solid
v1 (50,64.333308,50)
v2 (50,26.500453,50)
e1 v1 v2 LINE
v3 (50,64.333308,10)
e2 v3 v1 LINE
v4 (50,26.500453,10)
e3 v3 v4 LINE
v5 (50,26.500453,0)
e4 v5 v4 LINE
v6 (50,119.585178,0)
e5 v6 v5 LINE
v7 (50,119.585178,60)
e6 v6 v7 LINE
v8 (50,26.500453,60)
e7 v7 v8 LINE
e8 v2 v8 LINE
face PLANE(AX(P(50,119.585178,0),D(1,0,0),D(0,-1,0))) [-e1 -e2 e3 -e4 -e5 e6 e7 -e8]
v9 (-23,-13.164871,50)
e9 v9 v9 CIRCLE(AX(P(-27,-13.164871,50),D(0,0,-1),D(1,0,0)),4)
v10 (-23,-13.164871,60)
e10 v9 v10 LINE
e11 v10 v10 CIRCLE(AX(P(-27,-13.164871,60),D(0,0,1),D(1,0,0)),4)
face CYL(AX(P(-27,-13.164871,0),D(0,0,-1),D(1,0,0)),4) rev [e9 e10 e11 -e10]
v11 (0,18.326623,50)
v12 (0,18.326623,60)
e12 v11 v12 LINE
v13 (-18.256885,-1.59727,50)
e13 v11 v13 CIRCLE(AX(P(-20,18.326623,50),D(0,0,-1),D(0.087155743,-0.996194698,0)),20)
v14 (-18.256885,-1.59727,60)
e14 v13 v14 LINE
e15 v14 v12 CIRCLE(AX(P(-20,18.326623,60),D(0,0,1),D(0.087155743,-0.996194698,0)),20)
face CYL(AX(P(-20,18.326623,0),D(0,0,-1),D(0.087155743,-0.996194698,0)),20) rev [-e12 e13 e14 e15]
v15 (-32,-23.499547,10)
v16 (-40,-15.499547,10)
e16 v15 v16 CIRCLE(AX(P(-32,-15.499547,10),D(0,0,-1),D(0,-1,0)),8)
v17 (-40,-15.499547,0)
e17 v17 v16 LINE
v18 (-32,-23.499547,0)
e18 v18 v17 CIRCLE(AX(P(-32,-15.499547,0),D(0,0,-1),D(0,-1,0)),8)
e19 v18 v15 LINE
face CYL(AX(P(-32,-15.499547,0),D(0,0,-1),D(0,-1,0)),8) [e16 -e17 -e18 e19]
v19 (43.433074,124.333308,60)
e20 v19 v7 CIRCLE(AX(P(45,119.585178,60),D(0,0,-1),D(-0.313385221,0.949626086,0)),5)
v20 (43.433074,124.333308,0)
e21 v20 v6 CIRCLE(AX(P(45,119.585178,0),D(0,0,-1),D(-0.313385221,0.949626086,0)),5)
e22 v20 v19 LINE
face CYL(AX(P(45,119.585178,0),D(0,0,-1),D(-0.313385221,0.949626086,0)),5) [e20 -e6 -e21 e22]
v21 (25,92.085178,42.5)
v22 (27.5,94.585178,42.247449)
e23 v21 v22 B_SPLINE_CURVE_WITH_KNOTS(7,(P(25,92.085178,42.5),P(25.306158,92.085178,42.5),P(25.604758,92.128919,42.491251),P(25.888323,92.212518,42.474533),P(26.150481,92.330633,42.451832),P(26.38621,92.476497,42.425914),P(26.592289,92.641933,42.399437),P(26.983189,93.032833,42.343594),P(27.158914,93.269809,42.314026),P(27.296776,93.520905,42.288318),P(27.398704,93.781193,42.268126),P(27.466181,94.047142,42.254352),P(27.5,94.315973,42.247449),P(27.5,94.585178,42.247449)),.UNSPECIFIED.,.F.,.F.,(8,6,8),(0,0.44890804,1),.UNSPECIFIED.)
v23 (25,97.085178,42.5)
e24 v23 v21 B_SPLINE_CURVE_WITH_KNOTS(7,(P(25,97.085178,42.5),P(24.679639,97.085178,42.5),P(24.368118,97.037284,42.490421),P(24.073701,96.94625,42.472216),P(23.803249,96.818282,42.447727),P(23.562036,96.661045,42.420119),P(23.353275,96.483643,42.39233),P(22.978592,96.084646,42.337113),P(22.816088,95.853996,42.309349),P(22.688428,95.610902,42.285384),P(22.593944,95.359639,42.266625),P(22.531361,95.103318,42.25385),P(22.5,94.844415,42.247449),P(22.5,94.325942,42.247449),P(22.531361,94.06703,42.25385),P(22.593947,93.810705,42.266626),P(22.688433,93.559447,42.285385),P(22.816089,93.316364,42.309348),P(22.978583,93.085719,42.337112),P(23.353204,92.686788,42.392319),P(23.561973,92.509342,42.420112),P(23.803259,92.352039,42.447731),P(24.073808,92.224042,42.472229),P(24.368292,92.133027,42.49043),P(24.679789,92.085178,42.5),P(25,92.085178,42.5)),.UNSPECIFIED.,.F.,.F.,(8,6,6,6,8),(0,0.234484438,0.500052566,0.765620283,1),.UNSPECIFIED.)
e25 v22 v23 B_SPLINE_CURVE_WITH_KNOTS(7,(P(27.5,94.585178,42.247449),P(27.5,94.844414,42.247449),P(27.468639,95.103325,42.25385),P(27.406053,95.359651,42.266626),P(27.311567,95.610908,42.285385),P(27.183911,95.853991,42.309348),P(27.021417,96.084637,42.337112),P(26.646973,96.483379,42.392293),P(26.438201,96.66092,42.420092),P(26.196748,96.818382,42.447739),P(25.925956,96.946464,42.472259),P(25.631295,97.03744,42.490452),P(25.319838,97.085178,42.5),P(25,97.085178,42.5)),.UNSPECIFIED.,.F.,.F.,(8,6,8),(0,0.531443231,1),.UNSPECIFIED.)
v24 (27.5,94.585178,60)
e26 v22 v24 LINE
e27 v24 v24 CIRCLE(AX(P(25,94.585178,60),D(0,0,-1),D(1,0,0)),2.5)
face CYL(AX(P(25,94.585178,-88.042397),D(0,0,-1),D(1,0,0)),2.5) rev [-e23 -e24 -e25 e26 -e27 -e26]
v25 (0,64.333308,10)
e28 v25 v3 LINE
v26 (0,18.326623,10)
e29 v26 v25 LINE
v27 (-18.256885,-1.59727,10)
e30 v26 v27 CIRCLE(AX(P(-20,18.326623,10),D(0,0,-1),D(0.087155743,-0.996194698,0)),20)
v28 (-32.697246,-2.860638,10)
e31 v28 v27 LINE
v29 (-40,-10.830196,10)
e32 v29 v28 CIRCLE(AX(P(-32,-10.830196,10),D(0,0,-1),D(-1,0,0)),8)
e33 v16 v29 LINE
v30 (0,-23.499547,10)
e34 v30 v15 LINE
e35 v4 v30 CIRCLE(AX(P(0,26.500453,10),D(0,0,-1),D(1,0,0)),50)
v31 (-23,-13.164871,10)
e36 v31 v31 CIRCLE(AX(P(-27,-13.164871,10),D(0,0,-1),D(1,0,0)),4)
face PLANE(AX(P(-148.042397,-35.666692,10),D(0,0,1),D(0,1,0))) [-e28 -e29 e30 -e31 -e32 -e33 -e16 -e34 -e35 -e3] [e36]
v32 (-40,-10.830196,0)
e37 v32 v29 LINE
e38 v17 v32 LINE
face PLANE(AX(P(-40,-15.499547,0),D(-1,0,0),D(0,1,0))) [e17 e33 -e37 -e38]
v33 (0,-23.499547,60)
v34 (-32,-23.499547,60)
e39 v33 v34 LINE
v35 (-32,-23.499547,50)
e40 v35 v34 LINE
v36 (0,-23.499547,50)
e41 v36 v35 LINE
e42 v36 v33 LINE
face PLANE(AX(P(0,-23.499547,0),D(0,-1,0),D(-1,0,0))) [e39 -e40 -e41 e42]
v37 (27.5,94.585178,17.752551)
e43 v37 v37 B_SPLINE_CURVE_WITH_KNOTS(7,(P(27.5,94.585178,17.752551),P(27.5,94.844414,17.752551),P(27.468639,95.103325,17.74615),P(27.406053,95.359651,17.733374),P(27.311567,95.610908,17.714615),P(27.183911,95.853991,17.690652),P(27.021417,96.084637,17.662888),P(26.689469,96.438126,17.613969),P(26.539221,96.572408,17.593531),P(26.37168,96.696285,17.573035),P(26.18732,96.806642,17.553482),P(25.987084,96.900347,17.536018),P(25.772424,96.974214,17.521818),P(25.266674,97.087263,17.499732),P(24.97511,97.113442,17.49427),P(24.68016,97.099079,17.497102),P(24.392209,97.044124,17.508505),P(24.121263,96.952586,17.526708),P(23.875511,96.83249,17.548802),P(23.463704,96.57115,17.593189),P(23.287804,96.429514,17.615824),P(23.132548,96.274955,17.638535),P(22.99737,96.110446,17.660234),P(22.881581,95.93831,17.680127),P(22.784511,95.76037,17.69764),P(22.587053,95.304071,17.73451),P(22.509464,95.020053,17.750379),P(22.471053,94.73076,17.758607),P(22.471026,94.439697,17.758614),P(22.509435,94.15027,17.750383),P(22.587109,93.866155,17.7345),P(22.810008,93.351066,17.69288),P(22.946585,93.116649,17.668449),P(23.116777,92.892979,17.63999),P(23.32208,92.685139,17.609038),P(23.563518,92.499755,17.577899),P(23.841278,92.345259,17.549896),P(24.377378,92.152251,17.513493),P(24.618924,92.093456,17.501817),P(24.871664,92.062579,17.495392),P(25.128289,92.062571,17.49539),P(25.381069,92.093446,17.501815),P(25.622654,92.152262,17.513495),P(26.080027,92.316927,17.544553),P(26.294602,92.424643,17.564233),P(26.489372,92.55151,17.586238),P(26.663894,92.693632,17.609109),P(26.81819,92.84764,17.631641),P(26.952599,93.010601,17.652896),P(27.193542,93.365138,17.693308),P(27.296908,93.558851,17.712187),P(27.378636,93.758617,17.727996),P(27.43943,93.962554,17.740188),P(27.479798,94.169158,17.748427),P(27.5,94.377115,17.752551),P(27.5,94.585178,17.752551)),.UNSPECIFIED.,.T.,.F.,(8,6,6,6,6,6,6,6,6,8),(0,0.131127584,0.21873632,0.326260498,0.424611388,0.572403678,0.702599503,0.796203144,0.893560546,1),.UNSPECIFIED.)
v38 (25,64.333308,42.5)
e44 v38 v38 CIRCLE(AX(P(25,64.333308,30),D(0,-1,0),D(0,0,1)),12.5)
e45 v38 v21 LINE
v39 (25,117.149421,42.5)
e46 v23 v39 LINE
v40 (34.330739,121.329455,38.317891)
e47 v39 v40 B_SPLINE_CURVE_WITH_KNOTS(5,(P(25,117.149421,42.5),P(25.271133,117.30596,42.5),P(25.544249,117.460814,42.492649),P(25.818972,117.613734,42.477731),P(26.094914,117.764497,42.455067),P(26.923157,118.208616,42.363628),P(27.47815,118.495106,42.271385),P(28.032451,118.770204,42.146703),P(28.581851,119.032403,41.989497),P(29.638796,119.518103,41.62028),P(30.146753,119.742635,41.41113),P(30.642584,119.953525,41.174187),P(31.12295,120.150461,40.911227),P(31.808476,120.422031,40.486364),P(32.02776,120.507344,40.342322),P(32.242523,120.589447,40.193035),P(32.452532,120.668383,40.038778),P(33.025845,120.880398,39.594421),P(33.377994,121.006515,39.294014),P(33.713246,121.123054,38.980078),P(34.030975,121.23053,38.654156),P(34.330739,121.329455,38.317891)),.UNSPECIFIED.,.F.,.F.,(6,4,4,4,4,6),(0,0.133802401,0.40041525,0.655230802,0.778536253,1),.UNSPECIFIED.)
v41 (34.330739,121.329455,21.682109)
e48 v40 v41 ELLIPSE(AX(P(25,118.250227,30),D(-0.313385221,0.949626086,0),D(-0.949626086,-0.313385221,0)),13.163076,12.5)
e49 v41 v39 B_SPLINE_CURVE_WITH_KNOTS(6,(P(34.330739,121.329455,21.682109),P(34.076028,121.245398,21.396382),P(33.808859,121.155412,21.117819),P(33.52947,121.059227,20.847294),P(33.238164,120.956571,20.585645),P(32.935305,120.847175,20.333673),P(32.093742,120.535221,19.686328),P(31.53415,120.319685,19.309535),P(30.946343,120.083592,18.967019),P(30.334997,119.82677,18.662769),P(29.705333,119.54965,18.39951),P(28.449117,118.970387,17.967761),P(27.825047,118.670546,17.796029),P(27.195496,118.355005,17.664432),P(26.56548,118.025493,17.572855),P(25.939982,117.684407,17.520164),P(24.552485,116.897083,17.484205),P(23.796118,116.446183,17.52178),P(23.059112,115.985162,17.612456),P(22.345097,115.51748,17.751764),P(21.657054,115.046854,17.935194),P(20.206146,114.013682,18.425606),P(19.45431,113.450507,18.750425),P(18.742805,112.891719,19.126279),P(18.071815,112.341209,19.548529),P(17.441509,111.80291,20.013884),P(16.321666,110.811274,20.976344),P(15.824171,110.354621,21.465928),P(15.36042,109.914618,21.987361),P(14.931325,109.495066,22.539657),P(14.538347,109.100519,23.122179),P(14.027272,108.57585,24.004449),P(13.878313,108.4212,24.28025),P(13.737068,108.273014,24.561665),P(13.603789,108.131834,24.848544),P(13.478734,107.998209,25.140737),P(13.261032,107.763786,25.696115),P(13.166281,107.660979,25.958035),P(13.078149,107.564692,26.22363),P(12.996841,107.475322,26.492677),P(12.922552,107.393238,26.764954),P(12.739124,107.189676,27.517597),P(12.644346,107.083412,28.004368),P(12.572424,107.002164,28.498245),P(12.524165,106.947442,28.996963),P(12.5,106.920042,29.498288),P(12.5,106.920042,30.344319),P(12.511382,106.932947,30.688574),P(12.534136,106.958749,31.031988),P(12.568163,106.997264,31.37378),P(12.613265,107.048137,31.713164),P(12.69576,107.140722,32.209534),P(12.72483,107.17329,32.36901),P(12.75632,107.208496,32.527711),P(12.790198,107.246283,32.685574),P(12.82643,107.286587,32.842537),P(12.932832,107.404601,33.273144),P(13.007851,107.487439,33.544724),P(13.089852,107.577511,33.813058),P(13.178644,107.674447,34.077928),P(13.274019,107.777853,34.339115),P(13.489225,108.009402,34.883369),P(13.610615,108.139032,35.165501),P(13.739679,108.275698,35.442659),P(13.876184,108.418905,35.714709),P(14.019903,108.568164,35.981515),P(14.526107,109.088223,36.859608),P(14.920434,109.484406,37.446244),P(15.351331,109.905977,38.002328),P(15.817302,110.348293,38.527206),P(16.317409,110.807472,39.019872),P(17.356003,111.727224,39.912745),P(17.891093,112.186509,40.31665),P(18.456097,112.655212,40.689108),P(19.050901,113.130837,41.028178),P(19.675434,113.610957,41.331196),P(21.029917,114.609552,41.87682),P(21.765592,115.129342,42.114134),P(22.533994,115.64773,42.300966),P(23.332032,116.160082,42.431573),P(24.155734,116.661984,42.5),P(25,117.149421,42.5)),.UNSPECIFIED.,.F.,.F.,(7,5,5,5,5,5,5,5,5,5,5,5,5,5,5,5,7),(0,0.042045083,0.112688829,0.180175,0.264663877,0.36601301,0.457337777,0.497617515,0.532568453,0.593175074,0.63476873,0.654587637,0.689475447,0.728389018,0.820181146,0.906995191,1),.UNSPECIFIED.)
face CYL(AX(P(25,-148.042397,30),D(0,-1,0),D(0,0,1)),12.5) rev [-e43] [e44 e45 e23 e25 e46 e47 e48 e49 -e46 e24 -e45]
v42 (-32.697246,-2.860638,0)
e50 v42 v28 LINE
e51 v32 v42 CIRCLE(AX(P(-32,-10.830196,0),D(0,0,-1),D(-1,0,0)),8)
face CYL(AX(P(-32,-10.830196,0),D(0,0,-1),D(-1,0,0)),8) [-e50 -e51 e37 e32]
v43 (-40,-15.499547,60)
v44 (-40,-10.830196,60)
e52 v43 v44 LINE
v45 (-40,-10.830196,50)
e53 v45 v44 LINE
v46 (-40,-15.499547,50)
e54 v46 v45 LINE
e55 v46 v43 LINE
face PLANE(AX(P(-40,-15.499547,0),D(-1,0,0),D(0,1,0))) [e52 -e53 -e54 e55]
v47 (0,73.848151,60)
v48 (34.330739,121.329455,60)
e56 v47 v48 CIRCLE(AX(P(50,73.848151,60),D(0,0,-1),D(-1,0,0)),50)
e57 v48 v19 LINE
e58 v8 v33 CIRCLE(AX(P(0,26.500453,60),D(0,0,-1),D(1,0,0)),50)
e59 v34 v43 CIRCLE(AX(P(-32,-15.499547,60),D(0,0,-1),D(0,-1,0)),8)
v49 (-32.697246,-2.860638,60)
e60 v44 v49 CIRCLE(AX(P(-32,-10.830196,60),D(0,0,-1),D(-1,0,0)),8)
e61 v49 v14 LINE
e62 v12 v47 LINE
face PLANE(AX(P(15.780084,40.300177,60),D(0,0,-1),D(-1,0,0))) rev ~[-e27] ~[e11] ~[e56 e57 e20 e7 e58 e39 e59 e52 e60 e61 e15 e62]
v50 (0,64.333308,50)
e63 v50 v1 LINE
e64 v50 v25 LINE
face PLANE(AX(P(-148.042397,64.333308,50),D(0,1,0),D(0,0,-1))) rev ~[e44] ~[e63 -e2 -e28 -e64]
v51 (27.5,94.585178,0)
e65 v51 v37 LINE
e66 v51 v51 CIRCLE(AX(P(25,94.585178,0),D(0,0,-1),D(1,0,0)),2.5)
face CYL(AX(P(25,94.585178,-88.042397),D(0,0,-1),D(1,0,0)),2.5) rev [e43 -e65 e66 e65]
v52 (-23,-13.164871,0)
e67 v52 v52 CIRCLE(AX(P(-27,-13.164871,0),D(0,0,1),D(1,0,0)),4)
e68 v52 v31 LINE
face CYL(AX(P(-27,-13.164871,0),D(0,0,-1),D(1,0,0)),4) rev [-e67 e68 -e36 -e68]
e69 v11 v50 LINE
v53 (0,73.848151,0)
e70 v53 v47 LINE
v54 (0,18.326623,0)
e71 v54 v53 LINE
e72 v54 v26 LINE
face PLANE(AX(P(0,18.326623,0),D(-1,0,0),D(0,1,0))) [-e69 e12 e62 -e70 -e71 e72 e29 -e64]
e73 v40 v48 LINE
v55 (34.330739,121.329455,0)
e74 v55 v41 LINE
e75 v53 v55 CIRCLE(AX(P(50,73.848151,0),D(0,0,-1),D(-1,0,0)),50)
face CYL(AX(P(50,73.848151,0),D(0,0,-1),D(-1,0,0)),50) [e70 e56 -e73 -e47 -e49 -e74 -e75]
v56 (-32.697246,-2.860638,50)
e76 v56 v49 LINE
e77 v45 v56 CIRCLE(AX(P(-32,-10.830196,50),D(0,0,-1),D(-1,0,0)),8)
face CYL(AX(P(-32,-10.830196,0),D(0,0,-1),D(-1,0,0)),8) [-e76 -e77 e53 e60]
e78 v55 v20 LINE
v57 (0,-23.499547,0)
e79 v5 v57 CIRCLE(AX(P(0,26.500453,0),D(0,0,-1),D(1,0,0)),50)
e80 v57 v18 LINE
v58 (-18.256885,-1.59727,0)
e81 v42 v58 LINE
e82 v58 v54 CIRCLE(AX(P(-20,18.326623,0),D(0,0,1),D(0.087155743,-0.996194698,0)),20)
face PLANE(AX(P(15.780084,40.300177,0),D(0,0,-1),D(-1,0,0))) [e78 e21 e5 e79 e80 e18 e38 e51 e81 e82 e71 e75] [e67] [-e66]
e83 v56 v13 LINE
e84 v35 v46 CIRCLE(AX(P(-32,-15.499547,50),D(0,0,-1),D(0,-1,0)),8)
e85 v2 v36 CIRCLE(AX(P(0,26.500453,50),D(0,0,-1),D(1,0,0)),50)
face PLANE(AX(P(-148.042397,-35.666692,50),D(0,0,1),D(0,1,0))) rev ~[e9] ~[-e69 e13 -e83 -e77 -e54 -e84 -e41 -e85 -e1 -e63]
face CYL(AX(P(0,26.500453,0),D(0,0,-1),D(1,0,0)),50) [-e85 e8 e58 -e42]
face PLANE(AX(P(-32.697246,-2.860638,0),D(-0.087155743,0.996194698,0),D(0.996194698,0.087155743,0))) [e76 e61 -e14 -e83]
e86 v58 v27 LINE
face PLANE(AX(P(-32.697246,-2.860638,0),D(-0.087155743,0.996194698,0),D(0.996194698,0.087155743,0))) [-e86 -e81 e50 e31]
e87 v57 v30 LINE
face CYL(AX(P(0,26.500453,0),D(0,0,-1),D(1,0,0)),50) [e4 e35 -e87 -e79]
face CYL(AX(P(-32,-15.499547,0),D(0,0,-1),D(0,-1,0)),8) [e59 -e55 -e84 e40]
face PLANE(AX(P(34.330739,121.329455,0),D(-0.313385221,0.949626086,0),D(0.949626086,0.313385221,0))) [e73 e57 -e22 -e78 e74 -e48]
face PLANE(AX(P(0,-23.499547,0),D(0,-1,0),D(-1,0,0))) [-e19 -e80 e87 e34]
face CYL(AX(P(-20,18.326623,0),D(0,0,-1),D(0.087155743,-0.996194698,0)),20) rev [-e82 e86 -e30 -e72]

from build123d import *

# Parameters (mm, degrees)
SKETCH1_R               = 4
BOSS_EXTRUDE1_DEPTH     = 60
CUT_EXTRUDE1_DEPTH      = 148.042397089
CUT_EXTRUDE1_DEPTH_BACK = 148.042397089
SKETCH2_W               = 40
SKETCH2_H               = 100
CUT_EXTRUDE2_DEPTH      = 148.042397089
CUT_EXTRUDE2_DEPTH_BACK = 148.042397089
SKETCH4_R               = 12.5
CUT_EXTRUDE3_DEPTH      = 148.04239713
CUT_EXTRUDE3_DEPTH_BACK = 148.04239713
SKETCH5_R               = 2.5


with BuildPart() as part:
    # Sketch1 → Boss-Extrude1 (new body)
    with BuildSketch(Plane.XY):
        with BuildLine():
            Line((0, 18.32662348), (0, 73.848150904))
            ThreePointArc((0, 73.848150904), (9.481713685, 103.144370354), (34.330738963, 121.329455209))
            Line((34.330738963, 121.329455209), (43.433073896, 124.333308288))
            ThreePointArc((43.433073896, 124.333308288), (47.929621945, 123.637006489), (50, 119.585177858))
            Line((50, 119.585177858), (50, 26.500453459))
            ThreePointArc((50, 26.500453459), (35.355339059, -8.8548856), (0, -23.499546541))
            Line((0, -23.499546541), (-32, -23.499546541))
            ThreePointArc((-32, -23.499546541), (-37.656854249, -21.156400791), (-40, -15.499546541))
            Line((-40, -15.499546541), (-40, -10.830195933))
            ThreePointArc((-40, -10.830195933), (-37.898218694, -5.425474272), (-32.697245942, -2.860638348))
            Line((-32.697245942, -2.860638348), (-18.256885145, -1.597270481))
            ThreePointArc((-18.256885145, -1.597270481), (-5.254453264, 4.814819328), (0, 18.32662348))
        make_face()
        with Locations((-27, -13.164871237)):
            Circle(SKETCH1_R, mode=Mode.SUBTRACT)
    extrude(amount=BOSS_EXTRUDE1_DEPTH)

    # Sketch2 → Cut-Extrude1 (cut, two sides: drawn at the far end of the back side and taken through both)
    with BuildSketch(Plane(origin=(0, 0, 0), x_dir=(0, 0, -1), z_dir=(1, 0, 0)).offset(-CUT_EXTRUDE1_DEPTH_BACK)):
        with Locations((-30, 14.333308288)):
            Rectangle(SKETCH2_W, SKETCH2_H)
    extrude(amount=CUT_EXTRUDE1_DEPTH + CUT_EXTRUDE1_DEPTH_BACK, mode=Mode.SUBTRACT)

    # Sketch4 → Cut-Extrude2 (cut, two sides: drawn at the far end of the back side and taken through both)
    with BuildSketch(Plane(origin=(0, 0, 0), x_dir=(1, 0, 0), z_dir=(0, 1, 0)).offset(-CUT_EXTRUDE2_DEPTH_BACK)):
        with Locations(Location((25, -30, 0), (0, 0, 270))):
            Circle(SKETCH4_R)
    extrude(amount=CUT_EXTRUDE2_DEPTH + CUT_EXTRUDE2_DEPTH_BACK, mode=Mode.SUBTRACT)

    # Sketch5 → Cut-Extrude3 (cut, two sides: drawn at the far end of the back side and taken through both)
    with BuildSketch(Plane.XY.offset(60).offset(-CUT_EXTRUDE3_DEPTH_BACK)):
        with Locations((25, 94.585177858)):
            Circle(SKETCH5_R)
    extrude(amount=CUT_EXTRUDE3_DEPTH + CUT_EXTRUDE3_DEPTH_BACK, mode=Mode.SUBTRACT)


solid = part.part
